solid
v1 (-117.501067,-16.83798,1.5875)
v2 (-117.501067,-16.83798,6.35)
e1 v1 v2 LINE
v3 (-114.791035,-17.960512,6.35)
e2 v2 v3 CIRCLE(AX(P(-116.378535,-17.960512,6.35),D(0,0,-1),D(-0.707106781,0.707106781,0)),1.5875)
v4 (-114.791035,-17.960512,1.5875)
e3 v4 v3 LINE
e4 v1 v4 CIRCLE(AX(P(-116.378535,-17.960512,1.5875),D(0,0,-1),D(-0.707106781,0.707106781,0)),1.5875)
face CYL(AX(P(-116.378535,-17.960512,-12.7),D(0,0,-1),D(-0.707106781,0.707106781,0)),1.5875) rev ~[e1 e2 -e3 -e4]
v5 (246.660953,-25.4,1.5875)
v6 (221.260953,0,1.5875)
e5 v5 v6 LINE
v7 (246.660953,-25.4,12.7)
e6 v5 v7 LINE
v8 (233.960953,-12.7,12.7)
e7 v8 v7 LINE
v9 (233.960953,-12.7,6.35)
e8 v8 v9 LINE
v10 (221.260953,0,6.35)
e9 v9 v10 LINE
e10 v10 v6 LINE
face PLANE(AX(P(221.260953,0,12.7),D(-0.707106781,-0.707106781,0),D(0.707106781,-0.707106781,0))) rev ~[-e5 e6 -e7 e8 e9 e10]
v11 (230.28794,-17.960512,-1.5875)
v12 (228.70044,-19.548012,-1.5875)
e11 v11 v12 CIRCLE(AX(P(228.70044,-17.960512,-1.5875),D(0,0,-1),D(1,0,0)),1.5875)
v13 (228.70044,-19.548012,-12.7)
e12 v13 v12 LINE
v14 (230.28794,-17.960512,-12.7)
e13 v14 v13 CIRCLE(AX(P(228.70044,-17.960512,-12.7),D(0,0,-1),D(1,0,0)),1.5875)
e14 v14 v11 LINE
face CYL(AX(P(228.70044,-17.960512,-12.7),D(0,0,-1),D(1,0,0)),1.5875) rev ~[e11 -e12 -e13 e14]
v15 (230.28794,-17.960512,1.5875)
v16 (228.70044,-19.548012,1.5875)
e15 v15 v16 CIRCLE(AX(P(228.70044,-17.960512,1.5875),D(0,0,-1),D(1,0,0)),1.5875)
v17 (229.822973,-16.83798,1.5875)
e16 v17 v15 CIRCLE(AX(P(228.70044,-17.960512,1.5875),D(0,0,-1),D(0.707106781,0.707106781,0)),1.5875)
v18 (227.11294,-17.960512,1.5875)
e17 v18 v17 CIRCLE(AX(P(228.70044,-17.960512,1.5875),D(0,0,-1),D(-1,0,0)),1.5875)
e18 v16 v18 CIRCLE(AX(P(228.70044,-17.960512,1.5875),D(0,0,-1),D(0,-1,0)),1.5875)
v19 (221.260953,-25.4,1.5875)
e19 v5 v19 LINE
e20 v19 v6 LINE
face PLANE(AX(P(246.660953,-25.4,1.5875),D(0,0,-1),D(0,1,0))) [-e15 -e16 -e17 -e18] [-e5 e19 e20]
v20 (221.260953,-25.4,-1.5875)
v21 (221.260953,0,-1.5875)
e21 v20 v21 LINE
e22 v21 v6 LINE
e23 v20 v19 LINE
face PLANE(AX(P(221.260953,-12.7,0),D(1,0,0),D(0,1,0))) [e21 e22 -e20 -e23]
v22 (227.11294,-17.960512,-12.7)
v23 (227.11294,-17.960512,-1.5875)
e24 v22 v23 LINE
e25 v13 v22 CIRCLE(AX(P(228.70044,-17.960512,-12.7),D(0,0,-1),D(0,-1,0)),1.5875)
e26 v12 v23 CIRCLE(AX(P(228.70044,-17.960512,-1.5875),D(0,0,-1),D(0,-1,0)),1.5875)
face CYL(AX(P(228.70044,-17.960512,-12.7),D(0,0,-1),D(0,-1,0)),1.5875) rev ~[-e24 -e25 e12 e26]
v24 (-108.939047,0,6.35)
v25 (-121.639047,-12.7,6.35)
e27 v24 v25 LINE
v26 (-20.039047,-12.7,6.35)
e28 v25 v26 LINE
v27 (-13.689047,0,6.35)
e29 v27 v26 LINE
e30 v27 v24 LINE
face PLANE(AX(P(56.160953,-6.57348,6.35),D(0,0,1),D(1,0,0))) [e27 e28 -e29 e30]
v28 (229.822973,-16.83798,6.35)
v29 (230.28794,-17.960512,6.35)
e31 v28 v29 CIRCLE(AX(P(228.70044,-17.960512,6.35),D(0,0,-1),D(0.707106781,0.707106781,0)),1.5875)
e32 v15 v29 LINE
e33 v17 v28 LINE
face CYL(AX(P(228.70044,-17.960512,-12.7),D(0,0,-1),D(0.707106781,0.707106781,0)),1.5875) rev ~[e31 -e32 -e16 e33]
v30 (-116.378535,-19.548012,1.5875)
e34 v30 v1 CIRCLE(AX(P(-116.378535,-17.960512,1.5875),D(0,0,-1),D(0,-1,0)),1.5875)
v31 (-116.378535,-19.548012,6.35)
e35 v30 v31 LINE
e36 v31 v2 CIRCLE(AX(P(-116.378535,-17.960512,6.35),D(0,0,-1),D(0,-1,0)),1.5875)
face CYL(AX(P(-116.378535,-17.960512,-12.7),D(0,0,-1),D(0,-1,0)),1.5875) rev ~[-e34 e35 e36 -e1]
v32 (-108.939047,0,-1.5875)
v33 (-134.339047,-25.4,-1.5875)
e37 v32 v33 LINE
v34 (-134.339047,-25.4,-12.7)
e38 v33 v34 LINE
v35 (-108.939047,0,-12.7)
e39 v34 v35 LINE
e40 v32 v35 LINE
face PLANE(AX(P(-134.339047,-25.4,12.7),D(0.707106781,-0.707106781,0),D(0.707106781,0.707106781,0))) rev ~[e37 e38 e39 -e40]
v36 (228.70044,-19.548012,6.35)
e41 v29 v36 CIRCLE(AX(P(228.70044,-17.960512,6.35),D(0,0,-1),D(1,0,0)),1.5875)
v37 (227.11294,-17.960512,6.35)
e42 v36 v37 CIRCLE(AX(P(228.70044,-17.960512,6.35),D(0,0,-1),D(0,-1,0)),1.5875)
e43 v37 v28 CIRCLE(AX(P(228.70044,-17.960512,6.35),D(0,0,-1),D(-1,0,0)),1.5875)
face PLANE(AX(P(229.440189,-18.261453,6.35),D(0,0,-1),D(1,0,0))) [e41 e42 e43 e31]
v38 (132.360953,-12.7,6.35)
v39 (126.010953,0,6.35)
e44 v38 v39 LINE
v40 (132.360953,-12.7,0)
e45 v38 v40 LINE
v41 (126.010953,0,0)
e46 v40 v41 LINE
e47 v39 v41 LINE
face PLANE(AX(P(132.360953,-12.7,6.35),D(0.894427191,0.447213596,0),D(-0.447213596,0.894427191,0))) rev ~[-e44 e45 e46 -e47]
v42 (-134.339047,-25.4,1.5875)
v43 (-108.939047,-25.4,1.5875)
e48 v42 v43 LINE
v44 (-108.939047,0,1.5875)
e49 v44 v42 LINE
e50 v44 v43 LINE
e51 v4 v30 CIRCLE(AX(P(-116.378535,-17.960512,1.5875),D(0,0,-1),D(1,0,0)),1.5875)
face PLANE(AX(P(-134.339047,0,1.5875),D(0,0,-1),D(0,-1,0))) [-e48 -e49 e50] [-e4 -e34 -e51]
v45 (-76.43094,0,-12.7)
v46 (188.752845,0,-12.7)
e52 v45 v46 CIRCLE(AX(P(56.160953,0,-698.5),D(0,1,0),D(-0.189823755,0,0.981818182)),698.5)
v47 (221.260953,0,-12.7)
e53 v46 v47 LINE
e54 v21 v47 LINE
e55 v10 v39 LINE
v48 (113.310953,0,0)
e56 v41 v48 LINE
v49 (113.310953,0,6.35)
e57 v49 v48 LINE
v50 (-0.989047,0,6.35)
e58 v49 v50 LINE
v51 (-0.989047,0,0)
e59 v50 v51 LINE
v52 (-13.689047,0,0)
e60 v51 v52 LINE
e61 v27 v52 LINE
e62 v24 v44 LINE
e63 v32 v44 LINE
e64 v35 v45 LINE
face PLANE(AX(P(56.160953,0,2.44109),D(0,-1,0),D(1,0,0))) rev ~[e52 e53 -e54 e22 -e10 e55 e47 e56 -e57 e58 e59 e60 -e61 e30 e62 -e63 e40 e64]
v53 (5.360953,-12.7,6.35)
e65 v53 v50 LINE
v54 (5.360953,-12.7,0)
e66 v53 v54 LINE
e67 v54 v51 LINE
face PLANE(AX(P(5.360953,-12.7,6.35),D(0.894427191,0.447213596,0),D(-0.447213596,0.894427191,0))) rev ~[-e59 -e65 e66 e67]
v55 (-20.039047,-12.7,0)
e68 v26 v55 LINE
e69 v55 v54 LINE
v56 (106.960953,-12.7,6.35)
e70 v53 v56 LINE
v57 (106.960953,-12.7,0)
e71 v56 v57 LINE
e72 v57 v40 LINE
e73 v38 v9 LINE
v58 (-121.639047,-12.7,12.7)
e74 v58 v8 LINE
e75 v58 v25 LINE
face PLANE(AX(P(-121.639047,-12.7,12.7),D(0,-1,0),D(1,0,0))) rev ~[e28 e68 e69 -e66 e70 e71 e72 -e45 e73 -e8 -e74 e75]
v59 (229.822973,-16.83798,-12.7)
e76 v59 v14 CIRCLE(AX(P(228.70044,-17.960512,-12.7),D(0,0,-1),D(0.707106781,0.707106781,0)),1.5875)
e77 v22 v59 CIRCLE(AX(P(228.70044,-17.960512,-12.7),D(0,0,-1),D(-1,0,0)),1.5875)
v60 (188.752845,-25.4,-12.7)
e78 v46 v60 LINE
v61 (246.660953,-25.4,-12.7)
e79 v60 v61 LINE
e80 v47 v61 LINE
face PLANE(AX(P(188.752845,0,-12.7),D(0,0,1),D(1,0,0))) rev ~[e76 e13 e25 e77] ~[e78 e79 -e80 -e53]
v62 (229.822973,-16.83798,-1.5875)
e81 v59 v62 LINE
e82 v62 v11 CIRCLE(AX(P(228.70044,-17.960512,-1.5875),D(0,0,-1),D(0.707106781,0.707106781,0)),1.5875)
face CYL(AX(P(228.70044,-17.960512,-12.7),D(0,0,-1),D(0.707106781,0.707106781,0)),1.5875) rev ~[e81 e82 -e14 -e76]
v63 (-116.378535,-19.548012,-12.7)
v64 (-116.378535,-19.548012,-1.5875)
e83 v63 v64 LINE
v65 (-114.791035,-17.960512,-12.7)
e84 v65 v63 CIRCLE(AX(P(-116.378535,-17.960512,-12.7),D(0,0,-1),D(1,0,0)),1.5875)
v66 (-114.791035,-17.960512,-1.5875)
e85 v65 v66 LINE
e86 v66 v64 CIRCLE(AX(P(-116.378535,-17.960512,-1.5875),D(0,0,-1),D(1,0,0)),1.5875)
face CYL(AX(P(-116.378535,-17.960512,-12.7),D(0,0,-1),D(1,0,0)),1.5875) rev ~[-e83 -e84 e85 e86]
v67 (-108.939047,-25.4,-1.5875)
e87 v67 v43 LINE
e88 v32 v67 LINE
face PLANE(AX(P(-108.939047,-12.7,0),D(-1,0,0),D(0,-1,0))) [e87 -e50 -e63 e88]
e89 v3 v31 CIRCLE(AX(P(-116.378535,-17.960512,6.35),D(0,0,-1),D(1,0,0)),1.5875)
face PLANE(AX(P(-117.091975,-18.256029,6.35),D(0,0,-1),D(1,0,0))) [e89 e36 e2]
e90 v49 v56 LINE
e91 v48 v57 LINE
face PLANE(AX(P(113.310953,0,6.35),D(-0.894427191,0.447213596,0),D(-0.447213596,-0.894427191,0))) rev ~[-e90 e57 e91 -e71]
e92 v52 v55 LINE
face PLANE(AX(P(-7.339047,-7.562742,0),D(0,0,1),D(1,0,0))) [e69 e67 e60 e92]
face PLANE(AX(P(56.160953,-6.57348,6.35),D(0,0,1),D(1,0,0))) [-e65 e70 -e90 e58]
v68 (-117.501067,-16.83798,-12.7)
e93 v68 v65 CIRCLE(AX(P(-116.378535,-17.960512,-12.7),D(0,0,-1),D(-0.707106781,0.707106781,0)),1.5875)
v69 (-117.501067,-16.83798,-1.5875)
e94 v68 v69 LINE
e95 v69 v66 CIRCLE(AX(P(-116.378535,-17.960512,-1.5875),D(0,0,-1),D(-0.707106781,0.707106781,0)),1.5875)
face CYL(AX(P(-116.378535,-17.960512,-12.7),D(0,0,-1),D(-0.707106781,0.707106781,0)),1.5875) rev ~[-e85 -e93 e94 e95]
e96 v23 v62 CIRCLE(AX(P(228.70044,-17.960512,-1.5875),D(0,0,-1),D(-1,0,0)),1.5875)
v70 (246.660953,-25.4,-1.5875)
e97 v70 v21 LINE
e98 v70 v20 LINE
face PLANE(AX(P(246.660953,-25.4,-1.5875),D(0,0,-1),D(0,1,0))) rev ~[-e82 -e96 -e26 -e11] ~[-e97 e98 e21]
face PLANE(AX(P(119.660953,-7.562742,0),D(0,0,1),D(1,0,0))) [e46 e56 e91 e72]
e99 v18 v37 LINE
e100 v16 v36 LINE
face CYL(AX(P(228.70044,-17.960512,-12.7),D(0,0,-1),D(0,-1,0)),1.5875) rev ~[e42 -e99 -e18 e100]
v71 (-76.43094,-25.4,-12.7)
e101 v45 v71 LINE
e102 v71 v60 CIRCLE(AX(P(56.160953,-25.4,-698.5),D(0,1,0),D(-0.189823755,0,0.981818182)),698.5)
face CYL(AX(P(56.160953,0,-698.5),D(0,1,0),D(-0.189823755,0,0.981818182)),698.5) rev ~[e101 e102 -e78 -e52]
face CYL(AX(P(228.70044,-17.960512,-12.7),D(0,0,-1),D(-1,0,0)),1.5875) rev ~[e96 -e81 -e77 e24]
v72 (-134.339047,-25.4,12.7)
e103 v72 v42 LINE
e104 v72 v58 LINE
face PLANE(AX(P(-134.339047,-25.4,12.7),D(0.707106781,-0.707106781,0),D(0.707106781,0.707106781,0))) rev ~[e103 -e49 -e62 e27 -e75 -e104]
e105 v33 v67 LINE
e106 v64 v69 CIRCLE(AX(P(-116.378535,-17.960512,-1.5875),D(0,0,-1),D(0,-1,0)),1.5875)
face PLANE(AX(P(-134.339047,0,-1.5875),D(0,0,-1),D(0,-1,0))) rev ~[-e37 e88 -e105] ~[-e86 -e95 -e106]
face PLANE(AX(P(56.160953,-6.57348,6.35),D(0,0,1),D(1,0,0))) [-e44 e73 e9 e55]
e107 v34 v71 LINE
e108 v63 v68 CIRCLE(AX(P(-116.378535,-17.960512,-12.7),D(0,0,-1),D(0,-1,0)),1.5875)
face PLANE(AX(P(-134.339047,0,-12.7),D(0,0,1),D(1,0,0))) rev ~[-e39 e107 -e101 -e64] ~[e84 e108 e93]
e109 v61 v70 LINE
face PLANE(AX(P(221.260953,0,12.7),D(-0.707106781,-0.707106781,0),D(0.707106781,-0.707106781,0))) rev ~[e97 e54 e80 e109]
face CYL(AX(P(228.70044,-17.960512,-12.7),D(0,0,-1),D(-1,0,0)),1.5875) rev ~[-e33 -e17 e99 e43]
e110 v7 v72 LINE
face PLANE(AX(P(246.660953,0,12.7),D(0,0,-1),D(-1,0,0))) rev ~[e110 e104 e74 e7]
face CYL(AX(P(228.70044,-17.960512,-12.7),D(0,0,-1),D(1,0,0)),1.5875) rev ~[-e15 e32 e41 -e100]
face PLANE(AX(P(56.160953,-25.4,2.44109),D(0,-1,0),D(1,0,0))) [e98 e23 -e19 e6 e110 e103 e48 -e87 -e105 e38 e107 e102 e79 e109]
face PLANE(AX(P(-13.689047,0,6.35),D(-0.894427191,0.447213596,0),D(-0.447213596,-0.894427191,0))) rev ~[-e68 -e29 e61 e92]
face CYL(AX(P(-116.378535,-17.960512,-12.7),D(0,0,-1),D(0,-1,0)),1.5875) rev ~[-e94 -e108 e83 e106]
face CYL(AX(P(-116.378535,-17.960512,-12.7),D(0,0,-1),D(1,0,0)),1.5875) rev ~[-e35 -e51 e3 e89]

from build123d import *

# Parameters (mm, degrees)
F1_DEPTH  = 25.4
F2_W      = 25.4
F2_H      = 3.175
F3_DEPTH  = 25.4
F4_W      = 25.4
F4_H      = 3.175
F5_DEPTH  = 25.4
F7_DEPTH  = 25.4
F8_DEPTH  = 6.35
F10_DEPTH = 6.35
F13_DEPTH = 19.05


with BuildPart() as f1:
    # F0 (on Front) → F1 (new body)
    with BuildSketch(Plane.XZ):
        with BuildLine():
            Line((246.660952732, 12.7), (-134.339047268, 12.7))
            Line((-134.339047268, 12.7), (-134.339047268, -12.7))
            Line((-134.339047268, -12.7), (-76.4309399312, -12.7))
            ThreePointArc((-76.4309399312, -12.7), (56.160952732, 0), (188.7528453951, -12.7))
            Line((188.7528453951, -12.7), (246.660952732, -12.7))
            Line((246.660952732, -12.7), (246.660952732, 12.7))
        make_face()
    extrude(amount=F1_DEPTH)

    # F2 (on face) → F3 (cut)
    with BuildSketch(Plane.YZ.offset(246.660952732)):
        with Locations((-12.7, 0)):
            Rectangle(F2_W, F2_H)
    extrude(amount=-F3_DEPTH, mode=Mode.SUBTRACT)

    # F4 (on face) → F5 (cut)
    with BuildSketch(Plane(origin=(-134.339047268, 0, 0), x_dir=(0, -1, 0), z_dir=(-1, 0, 0))):
        with Locations((12.7, 0)):
            Rectangle(F4_W, F4_H)
    extrude(amount=-F5_DEPTH, mode=Mode.SUBTRACT)

    # F6 (on face) → F7 (cut)
    with BuildSketch(Plane.XY.offset(12.7)):
        Polygon((-134.339047268, 0), (-134.339047268, -25.4), (-121.639047268, -12.7), (-108.939047268, 0), align=None)
        Polygon((233.960952732, -12.7), (246.660952732, -25.4), (246.660952732, 0), (221.260952732, 0), align=None)
    extrude(amount=-F7_DEPTH, mode=Mode.SUBTRACT)

    # F6 (on face) → F8 (cut)
    with BuildSketch(Plane.XY.offset(12.7)):
        Polygon((-108.939047268, 0), (-121.639047268, -12.7), (233.960952732, -12.7), (221.260952732, 0), align=None)
    extrude(amount=-F8_DEPTH, mode=Mode.SUBTRACT)

    # F9 (on face) → F10 (cut)
    with BuildSketch(Plane.XY.offset(6.35)):
        Polygon((-0.989047268, 0), (-13.689047268, 0), (-20.039047268, -12.7), (5.360952732, -12.7), align=None)
        Polygon((126.010952732, 0), (113.310952732, 0), (106.960952732, -12.7), (132.360952732, -12.7), align=None)
    extrude(amount=-F10_DEPTH, mode=Mode.SUBTRACT)

    # F11 (on face) + F12 (on face) → F13 (cut)
    with BuildSketch(Plane(origin=(0, 0, -12.7), x_dir=(1, 0, 0), z_dir=(0, 0, -1))):
        with BuildLine():
            ThreePointArc((-116.3785350259, 19.5480122421), (-117.8451937838, 18.568022191), (-117.501067041, 16.837980227))
            Line((-117.501067041, 16.837980227), (-116.3785350259, 17.9605122421))
            Line((-116.3785350259, 17.9605122421), (-116.3785350259, 19.5480122421))
        make_face()
        with BuildLine():
            Line((-116.3785350259, 17.9605122421), (-114.7910350259, 17.9605122421))
            ThreePointArc((-114.7910350259, 17.9605122421), (-115.2560030108, 19.0830442573), (-116.3785350259, 19.5480122421))
            Line((-116.3785350259, 19.5480122421), (-116.3785350259, 17.9605122421))
        make_face()
        with BuildLine():
            ThreePointArc((-117.501067041, 16.837980227), (-115.771025077, 16.4938534843), (-114.7910350259, 17.9605122421))
            Line((-114.7910350259, 17.9605122421), (-116.3785350259, 17.9605122421))
            Line((-116.3785350259, 17.9605122421), (-117.501067041, 16.837980227))
        make_face()
    with BuildSketch(Plane(origin=(0, 0, -12.7), x_dir=(1, 0, 0), z_dir=(0, 0, -1))):
        with BuildLine():
            Line((228.7004404898, 17.9605122421), (229.822972505, 16.837980227))
            ThreePointArc((229.822972505, 16.837980227), (230.1670992477, 17.3530022933), (230.2879404898, 17.9605122421))
            ThreePointArc((230.2879404898, 17.9605122421), (229.822972505, 19.0830442573), (228.7004404898, 19.5480122421))
            Line((228.7004404898, 19.5480122421), (228.7004404898, 17.9605122421))
        make_face()
        with BuildLine():
            ThreePointArc((228.7004404898, 19.5480122421), (227.5779084747, 19.0830442573), (227.1129404898, 17.9605122421))
            Line((227.1129404898, 17.9605122421), (228.7004404898, 17.9605122421))
            Line((228.7004404898, 17.9605122421), (228.7004404898, 19.5480122421))
        make_face()
        with BuildLine():
            Line((228.7004404898, 17.9605122421), (227.1129404898, 17.9605122421))
            ThreePointArc((227.1129404898, 17.9605122421), (228.0929305409, 16.4938534843), (229.822972505, 16.837980227))
            Line((229.822972505, 16.837980227), (228.7004404898, 17.9605122421))
        make_face()
    extrude(amount=-F13_DEPTH, mode=Mode.SUBTRACT)


solid = f1.part
